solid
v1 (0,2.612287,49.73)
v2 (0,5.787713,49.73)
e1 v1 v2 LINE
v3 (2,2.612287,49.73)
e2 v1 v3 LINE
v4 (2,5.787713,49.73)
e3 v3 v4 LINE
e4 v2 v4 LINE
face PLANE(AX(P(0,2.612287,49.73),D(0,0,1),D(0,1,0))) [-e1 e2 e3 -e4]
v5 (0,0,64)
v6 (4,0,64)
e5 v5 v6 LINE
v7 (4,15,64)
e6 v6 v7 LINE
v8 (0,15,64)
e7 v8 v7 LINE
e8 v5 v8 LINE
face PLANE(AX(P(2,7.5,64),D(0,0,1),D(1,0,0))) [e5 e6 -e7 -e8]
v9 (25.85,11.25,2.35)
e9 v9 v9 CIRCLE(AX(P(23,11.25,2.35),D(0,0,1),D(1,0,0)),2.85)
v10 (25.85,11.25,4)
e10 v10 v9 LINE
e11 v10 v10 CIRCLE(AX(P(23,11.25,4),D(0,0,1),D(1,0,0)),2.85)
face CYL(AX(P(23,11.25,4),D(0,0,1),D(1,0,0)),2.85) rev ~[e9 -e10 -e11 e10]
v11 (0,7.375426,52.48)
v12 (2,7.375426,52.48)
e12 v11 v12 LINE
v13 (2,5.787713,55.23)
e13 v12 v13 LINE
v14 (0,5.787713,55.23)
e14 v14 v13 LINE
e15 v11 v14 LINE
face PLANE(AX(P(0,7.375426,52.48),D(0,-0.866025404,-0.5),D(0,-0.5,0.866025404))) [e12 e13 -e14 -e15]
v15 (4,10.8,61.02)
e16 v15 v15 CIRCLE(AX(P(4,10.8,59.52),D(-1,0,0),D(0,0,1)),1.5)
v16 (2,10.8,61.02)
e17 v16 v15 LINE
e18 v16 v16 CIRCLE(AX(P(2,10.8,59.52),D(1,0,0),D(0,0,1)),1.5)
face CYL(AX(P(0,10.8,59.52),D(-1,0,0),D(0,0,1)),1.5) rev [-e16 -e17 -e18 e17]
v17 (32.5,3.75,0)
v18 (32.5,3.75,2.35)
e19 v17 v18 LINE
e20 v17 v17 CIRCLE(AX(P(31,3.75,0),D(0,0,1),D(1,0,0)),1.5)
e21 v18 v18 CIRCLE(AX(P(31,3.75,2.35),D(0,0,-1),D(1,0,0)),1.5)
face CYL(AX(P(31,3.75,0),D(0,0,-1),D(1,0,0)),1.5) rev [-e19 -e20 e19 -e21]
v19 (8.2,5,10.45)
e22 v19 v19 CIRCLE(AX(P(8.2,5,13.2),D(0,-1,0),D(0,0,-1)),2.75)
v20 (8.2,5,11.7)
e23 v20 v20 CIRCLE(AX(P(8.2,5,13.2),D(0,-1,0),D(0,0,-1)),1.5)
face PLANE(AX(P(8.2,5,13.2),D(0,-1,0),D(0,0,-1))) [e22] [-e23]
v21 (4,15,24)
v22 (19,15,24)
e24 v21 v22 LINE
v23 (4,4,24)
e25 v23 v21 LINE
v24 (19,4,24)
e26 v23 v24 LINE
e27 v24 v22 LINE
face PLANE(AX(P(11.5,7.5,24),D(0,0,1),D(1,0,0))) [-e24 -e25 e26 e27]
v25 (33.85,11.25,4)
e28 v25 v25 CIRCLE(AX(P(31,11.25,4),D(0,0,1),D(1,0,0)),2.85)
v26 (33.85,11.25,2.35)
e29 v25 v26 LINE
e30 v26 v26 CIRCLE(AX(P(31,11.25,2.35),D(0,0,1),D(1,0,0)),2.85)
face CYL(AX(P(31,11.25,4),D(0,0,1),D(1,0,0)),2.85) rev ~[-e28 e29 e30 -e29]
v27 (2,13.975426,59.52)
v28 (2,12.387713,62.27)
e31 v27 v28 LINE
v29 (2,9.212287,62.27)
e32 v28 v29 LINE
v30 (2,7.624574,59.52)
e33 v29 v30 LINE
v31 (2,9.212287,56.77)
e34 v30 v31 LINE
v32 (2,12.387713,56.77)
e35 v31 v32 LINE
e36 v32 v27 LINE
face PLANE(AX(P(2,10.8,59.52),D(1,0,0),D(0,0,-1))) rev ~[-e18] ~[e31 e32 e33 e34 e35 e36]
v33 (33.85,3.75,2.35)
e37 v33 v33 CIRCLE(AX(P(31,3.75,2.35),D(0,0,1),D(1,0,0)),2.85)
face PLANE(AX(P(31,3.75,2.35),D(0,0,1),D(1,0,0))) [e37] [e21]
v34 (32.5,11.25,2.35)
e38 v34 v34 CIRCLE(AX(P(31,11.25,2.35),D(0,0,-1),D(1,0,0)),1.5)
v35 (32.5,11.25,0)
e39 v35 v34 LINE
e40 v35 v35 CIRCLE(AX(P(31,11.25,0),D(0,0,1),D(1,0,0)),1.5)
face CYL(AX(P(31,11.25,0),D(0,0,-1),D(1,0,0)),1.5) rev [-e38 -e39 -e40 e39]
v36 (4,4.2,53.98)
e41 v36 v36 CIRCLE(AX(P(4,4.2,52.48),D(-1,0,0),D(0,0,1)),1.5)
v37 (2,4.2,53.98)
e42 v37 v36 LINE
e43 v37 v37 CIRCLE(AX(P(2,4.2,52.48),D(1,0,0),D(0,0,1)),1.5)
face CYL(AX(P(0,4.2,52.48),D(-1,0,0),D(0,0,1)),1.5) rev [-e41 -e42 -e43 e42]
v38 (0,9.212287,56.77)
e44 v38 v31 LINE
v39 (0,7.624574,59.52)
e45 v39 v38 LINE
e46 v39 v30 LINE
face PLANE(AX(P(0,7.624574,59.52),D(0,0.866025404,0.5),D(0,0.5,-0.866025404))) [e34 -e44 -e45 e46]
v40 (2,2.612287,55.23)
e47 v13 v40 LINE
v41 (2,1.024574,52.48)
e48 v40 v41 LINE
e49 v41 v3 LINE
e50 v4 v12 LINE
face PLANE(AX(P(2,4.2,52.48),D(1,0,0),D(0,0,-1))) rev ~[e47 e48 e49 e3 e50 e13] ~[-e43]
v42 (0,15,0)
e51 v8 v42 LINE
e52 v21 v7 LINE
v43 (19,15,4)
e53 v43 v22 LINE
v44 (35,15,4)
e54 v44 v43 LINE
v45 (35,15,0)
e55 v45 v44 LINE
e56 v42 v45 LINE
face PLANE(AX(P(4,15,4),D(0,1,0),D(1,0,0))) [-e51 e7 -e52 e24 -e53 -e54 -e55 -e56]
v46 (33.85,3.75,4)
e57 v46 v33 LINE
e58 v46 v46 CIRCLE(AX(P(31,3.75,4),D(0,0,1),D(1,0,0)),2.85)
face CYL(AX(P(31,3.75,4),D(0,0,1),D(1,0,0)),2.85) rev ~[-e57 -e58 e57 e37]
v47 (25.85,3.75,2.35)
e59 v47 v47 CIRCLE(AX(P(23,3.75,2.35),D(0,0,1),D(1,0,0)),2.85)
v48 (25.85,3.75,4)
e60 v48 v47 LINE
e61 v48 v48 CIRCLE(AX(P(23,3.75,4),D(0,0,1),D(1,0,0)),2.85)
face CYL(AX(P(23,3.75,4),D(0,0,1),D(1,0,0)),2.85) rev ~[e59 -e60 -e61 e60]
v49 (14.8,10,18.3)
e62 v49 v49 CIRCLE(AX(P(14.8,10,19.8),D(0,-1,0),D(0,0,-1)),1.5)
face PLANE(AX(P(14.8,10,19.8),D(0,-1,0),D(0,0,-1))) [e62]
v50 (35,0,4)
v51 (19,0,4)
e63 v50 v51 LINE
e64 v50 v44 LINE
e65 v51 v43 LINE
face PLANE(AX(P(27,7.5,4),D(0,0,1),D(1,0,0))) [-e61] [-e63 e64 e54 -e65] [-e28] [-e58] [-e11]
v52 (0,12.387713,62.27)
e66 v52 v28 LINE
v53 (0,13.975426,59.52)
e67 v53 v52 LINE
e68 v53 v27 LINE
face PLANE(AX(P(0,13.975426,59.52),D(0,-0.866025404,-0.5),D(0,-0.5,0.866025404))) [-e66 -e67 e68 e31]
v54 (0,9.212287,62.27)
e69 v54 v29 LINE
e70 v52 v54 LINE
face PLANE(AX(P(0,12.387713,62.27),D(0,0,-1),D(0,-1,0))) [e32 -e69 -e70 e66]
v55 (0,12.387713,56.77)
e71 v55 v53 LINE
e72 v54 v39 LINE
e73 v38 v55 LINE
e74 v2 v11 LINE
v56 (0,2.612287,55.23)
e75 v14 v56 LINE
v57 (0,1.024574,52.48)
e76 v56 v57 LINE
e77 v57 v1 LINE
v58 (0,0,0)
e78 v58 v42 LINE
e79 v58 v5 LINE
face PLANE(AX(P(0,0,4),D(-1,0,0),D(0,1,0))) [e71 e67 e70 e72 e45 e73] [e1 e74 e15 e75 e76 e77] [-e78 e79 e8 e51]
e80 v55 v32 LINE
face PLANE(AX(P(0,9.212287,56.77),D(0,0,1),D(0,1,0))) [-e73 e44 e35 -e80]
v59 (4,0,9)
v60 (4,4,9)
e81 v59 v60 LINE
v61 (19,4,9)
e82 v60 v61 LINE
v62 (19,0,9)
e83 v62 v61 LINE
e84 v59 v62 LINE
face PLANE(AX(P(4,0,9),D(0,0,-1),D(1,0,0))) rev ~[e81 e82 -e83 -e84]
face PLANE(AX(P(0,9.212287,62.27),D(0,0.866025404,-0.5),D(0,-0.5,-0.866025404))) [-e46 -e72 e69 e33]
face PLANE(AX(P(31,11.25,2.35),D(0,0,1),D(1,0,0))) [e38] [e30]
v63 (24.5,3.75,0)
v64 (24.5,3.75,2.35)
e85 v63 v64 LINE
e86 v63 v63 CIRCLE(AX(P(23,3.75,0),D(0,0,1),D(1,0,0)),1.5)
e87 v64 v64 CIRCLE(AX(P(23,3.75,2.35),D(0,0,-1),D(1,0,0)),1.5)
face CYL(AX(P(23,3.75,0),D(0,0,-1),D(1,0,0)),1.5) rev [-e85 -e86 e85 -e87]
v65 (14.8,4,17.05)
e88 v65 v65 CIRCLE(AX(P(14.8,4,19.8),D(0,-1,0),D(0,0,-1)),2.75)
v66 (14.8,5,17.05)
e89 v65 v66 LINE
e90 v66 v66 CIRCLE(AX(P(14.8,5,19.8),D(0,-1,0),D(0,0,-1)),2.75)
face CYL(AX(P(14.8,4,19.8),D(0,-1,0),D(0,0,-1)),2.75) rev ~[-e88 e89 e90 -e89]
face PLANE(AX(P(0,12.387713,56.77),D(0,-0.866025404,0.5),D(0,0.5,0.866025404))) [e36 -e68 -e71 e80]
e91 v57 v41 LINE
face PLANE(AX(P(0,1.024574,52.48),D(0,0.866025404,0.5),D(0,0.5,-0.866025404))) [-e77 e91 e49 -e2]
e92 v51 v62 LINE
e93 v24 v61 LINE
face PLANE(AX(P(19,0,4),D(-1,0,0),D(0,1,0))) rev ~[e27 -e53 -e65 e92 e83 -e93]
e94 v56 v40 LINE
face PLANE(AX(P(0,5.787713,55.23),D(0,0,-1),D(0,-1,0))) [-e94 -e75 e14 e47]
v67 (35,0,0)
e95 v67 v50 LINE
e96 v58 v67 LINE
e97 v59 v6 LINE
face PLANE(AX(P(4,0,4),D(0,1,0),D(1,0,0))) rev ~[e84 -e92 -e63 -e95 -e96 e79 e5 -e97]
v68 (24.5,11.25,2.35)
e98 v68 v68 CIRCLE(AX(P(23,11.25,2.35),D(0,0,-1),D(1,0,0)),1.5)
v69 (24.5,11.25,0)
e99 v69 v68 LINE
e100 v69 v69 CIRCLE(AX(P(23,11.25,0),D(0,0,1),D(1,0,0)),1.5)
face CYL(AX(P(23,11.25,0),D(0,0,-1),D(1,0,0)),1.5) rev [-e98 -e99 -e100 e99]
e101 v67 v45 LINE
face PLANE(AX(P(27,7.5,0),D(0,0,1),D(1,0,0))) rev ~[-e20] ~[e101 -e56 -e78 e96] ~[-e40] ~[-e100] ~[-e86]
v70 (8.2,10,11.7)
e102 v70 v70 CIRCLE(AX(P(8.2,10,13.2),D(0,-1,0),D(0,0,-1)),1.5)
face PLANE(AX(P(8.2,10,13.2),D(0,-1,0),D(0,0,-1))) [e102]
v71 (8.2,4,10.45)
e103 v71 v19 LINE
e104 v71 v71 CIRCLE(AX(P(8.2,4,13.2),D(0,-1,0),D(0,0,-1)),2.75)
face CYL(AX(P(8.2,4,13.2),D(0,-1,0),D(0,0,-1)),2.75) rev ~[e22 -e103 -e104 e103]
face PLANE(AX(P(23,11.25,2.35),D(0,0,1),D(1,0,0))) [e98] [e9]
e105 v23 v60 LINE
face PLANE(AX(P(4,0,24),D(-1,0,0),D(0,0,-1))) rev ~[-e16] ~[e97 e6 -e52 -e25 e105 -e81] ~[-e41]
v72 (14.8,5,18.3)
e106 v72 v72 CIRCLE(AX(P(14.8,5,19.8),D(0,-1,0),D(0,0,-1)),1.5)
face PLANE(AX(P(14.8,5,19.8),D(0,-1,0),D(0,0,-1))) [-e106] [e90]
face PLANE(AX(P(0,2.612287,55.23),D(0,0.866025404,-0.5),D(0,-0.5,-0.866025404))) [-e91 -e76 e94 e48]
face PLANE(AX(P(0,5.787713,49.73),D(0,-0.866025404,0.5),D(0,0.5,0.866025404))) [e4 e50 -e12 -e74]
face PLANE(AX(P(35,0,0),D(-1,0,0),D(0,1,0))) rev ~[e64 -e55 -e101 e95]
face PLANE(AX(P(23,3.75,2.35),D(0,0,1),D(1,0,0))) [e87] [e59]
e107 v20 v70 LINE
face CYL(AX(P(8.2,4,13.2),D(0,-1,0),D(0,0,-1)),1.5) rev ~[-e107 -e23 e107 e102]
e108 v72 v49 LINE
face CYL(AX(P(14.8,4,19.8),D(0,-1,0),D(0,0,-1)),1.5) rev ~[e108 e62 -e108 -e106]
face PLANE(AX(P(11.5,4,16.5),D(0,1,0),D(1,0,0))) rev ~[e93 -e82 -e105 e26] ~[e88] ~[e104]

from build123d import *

# Parameters (mm, degrees)
CROQUIS1_W              = 15
CROQUIS1_H              = 15
CROQUIS1_W_2            = 4
CROQUIS1_W_3            = 16
CROQUIS1_R              = 1.5
SALIENTE_EXTRUIR1_DEPTH = 4
CROQUIS2_W              = 4
CROQUIS2_H              = 15
SALIENTE_EXTRUIR2_DEPTH = 60
CROQUIS3_W              = 15
CROQUIS3_H              = 15
SALIENTE_EXTRUIR3_DEPTH = 20
CROQUIS9_R              = 2.85
CORTAR_EXTRUIR3_DEPTH   = 1.65
CORTAR_EXTRUIR4_REACH   = 76.471
CROQUIS4_R              = 1.5
CROQUIS4_3_R            = 1.5
CORTAR_EXTRUIR5_DEPTH   = 2
CROQUIS10_W             = 15
CROQUIS10_H             = 15
CORTAR_EXTRUIR6_DEPTH   = 4
CROQUIS11_R             = 1.5
CORTAR_EXTRUIR7_DEPTH   = 6
CROQUIS12_R             = 2.75
CORTAR_EXTRUIR9_DEPTH   = 1


with BuildPart() as part:
    # Croquis1 → Saliente-Extruir1 (new body)
    # profile 1 of 3: a face of its own
    with BuildSketch(Plane.XY):
        with Locations((11.5, 7.5)):
            Rectangle(CROQUIS1_W, CROQUIS1_H)
    # profile 2 of 3: a face of its own
    with BuildSketch(Plane.XY):
        with Locations((2, 7.5)):
            Rectangle(CROQUIS1_W_2, CROQUIS1_H)
    # profile 3 of 3: a face of its own
    with BuildSketch(Plane.XY):
        with Locations((27, 7.5)):
            Rectangle(CROQUIS1_W_3, CROQUIS1_H)
        with Locations((23, 11.25)):
            Circle(CROQUIS1_R, mode=Mode.SUBTRACT)
        with Locations((31, 11.25)):
            Circle(CROQUIS1_R, mode=Mode.SUBTRACT)
        with Locations((31, 3.75)):
            Circle(CROQUIS1_R, mode=Mode.SUBTRACT)
        with Locations((23, 3.75)):
            Circle(CROQUIS1_R, mode=Mode.SUBTRACT)
    extrude(amount=SALIENTE_EXTRUIR1_DEPTH)

    # Croquis2 → Saliente-Extruir2 (add)
    with BuildSketch(Plane.XY.offset(4)):
        with Locations((2, 7.5)):
            Rectangle(CROQUIS2_W, CROQUIS2_H)
    extrude(amount=SALIENTE_EXTRUIR2_DEPTH)

    # Croquis3 → Saliente-Extruir3 (add)
    with BuildSketch(Plane.XY.offset(4)):
        with Locations((11.5, 7.5)):
            Rectangle(CROQUIS3_W, CROQUIS3_H)
    extrude(amount=SALIENTE_EXTRUIR3_DEPTH)

    # Croquis9 → Cortar-Extruir3 (cut)
    with BuildSketch(Plane.XY.offset(4)):
        with Locations((23, 3.75)):
            Circle(CROQUIS9_R)
        with Locations((31, 3.75)):
            Circle(CROQUIS9_R)
        with Locations((23, 11.25)):
            Circle(CROQUIS9_R)
        with Locations((31, 11.25)):
            Circle(CROQUIS9_R)
    extrude(amount=-CORTAR_EXTRUIR3_DEPTH, mode=Mode.SUBTRACT)

    # Croquis4 → Cortar-Extruir4 (cut, up to next)
    with BuildSketch(Plane(origin=(0, 0, 0), x_dir=(0, 0, -1), z_dir=(1, 0, 0)), mode=Mode.PRIVATE) as cortar_extruir4_sk1:
        with Locations(Location((-59.52, 10.8, 0), (0, 0, 180))):
            Circle(CROQUIS4_R)
    cortar_extruir4_tool1 = extrude(cortar_extruir4_sk1.sketch, amount=CORTAR_EXTRUIR4_REACH, mode=Mode.PRIVATE) & part.part
    # Croquis4 → Cortar-Extruir4 (cut, up to next)
    with BuildSketch(Plane(origin=(0, 0, 0), x_dir=(0, 0, -1), z_dir=(1, 0, 0)), mode=Mode.PRIVATE) as cortar_extruir4_sk2:
        with Locations(Location((-52.48, 4.2, 0), (0, 0, 180))):
            Circle(CROQUIS4_R)
    cortar_extruir4_tool2 = extrude(cortar_extruir4_sk2.sketch, amount=CORTAR_EXTRUIR4_REACH, mode=Mode.PRIVATE) & part.part
    add(cortar_extruir4_tool1.solids().sort_by_distance((0, 10.8, 59.52))[0], mode=Mode.SUBTRACT)
    add(cortar_extruir4_tool2.solids().sort_by_distance((0, 4.2, 52.48))[0], mode=Mode.SUBTRACT)

    # Croquis4<3> → Cortar-Extruir5 (cut)
    # profile 1 of 2: a face of its own
    with BuildSketch(Plane(origin=(0, 0, 0), x_dir=(0, 0, -1), z_dir=(1, 0, 0))):
        Polygon((-59.52, 13.975426481), (-62.27, 12.38771324), (-62.27, 9.21228676), (-59.52, 7.624573519), (-56.77, 9.21228676), (-56.77, 12.38771324), align=None)
        with Locations(Location((-59.52, 10.8, 0), (0, 0, 180))):
            Circle(CROQUIS4_3_R, mode=Mode.SUBTRACT)
    # profile 2 of 2: a face of its own
    with BuildSketch(Plane(origin=(0, 0, 0), x_dir=(0, 0, -1), z_dir=(1, 0, 0))):
        Polygon((-52.48, 7.375426481), (-55.23, 5.78771324), (-55.23, 2.61228676), (-52.48, 1.024573519), (-49.73, 2.61228676), (-49.73, 5.78771324), align=None)
        with Locations(Location((-52.48, 4.2, 0), (0, 0, 180))):
            Circle(CROQUIS4_3_R, mode=Mode.SUBTRACT)
    extrude(amount=CORTAR_EXTRUIR5_DEPTH, mode=Mode.SUBTRACT)

    # Croquis10 → Cortar-Extruir6 (cut)
    with BuildSketch(Plane(origin=(0, 0, 0), x_dir=(1, 0, 0), z_dir=(0, 1, 0))):
        with Locations((11.5, -16.5)):
            Rectangle(CROQUIS10_W, CROQUIS10_H)
    extrude(amount=CORTAR_EXTRUIR6_DEPTH, mode=Mode.SUBTRACT)

    # Croquis11 → Cortar-Extruir7 (cut)
    with BuildSketch(Plane(origin=(0, 4, 0), x_dir=(-1, 0, 0), z_dir=(0, -1, 0))):
        with Locations(Location((-8.2, -13.2, 0), (0, 0, 90))):
            Circle(CROQUIS11_R)
        with Locations(Location((-14.8, -19.8, 0), (0, 0, 90))):
            Circle(CROQUIS11_R)
    extrude(amount=-CORTAR_EXTRUIR7_DEPTH, mode=Mode.SUBTRACT)

    # Croquis12 → Cortar-Extruir9 (cut)
    with BuildSketch(Plane.XZ.offset(-4)):
        with Locations(Location((8.2, 13.2, 0), (0, 0, 270))):
            Circle(CROQUIS12_R)
        with Locations(Location((14.8, 19.8, 0), (0, 0, 270))):
            Circle(CROQUIS12_R)
    extrude(amount=-CORTAR_EXTRUIR9_DEPTH, mode=Mode.SUBTRACT)


solid = part.part
